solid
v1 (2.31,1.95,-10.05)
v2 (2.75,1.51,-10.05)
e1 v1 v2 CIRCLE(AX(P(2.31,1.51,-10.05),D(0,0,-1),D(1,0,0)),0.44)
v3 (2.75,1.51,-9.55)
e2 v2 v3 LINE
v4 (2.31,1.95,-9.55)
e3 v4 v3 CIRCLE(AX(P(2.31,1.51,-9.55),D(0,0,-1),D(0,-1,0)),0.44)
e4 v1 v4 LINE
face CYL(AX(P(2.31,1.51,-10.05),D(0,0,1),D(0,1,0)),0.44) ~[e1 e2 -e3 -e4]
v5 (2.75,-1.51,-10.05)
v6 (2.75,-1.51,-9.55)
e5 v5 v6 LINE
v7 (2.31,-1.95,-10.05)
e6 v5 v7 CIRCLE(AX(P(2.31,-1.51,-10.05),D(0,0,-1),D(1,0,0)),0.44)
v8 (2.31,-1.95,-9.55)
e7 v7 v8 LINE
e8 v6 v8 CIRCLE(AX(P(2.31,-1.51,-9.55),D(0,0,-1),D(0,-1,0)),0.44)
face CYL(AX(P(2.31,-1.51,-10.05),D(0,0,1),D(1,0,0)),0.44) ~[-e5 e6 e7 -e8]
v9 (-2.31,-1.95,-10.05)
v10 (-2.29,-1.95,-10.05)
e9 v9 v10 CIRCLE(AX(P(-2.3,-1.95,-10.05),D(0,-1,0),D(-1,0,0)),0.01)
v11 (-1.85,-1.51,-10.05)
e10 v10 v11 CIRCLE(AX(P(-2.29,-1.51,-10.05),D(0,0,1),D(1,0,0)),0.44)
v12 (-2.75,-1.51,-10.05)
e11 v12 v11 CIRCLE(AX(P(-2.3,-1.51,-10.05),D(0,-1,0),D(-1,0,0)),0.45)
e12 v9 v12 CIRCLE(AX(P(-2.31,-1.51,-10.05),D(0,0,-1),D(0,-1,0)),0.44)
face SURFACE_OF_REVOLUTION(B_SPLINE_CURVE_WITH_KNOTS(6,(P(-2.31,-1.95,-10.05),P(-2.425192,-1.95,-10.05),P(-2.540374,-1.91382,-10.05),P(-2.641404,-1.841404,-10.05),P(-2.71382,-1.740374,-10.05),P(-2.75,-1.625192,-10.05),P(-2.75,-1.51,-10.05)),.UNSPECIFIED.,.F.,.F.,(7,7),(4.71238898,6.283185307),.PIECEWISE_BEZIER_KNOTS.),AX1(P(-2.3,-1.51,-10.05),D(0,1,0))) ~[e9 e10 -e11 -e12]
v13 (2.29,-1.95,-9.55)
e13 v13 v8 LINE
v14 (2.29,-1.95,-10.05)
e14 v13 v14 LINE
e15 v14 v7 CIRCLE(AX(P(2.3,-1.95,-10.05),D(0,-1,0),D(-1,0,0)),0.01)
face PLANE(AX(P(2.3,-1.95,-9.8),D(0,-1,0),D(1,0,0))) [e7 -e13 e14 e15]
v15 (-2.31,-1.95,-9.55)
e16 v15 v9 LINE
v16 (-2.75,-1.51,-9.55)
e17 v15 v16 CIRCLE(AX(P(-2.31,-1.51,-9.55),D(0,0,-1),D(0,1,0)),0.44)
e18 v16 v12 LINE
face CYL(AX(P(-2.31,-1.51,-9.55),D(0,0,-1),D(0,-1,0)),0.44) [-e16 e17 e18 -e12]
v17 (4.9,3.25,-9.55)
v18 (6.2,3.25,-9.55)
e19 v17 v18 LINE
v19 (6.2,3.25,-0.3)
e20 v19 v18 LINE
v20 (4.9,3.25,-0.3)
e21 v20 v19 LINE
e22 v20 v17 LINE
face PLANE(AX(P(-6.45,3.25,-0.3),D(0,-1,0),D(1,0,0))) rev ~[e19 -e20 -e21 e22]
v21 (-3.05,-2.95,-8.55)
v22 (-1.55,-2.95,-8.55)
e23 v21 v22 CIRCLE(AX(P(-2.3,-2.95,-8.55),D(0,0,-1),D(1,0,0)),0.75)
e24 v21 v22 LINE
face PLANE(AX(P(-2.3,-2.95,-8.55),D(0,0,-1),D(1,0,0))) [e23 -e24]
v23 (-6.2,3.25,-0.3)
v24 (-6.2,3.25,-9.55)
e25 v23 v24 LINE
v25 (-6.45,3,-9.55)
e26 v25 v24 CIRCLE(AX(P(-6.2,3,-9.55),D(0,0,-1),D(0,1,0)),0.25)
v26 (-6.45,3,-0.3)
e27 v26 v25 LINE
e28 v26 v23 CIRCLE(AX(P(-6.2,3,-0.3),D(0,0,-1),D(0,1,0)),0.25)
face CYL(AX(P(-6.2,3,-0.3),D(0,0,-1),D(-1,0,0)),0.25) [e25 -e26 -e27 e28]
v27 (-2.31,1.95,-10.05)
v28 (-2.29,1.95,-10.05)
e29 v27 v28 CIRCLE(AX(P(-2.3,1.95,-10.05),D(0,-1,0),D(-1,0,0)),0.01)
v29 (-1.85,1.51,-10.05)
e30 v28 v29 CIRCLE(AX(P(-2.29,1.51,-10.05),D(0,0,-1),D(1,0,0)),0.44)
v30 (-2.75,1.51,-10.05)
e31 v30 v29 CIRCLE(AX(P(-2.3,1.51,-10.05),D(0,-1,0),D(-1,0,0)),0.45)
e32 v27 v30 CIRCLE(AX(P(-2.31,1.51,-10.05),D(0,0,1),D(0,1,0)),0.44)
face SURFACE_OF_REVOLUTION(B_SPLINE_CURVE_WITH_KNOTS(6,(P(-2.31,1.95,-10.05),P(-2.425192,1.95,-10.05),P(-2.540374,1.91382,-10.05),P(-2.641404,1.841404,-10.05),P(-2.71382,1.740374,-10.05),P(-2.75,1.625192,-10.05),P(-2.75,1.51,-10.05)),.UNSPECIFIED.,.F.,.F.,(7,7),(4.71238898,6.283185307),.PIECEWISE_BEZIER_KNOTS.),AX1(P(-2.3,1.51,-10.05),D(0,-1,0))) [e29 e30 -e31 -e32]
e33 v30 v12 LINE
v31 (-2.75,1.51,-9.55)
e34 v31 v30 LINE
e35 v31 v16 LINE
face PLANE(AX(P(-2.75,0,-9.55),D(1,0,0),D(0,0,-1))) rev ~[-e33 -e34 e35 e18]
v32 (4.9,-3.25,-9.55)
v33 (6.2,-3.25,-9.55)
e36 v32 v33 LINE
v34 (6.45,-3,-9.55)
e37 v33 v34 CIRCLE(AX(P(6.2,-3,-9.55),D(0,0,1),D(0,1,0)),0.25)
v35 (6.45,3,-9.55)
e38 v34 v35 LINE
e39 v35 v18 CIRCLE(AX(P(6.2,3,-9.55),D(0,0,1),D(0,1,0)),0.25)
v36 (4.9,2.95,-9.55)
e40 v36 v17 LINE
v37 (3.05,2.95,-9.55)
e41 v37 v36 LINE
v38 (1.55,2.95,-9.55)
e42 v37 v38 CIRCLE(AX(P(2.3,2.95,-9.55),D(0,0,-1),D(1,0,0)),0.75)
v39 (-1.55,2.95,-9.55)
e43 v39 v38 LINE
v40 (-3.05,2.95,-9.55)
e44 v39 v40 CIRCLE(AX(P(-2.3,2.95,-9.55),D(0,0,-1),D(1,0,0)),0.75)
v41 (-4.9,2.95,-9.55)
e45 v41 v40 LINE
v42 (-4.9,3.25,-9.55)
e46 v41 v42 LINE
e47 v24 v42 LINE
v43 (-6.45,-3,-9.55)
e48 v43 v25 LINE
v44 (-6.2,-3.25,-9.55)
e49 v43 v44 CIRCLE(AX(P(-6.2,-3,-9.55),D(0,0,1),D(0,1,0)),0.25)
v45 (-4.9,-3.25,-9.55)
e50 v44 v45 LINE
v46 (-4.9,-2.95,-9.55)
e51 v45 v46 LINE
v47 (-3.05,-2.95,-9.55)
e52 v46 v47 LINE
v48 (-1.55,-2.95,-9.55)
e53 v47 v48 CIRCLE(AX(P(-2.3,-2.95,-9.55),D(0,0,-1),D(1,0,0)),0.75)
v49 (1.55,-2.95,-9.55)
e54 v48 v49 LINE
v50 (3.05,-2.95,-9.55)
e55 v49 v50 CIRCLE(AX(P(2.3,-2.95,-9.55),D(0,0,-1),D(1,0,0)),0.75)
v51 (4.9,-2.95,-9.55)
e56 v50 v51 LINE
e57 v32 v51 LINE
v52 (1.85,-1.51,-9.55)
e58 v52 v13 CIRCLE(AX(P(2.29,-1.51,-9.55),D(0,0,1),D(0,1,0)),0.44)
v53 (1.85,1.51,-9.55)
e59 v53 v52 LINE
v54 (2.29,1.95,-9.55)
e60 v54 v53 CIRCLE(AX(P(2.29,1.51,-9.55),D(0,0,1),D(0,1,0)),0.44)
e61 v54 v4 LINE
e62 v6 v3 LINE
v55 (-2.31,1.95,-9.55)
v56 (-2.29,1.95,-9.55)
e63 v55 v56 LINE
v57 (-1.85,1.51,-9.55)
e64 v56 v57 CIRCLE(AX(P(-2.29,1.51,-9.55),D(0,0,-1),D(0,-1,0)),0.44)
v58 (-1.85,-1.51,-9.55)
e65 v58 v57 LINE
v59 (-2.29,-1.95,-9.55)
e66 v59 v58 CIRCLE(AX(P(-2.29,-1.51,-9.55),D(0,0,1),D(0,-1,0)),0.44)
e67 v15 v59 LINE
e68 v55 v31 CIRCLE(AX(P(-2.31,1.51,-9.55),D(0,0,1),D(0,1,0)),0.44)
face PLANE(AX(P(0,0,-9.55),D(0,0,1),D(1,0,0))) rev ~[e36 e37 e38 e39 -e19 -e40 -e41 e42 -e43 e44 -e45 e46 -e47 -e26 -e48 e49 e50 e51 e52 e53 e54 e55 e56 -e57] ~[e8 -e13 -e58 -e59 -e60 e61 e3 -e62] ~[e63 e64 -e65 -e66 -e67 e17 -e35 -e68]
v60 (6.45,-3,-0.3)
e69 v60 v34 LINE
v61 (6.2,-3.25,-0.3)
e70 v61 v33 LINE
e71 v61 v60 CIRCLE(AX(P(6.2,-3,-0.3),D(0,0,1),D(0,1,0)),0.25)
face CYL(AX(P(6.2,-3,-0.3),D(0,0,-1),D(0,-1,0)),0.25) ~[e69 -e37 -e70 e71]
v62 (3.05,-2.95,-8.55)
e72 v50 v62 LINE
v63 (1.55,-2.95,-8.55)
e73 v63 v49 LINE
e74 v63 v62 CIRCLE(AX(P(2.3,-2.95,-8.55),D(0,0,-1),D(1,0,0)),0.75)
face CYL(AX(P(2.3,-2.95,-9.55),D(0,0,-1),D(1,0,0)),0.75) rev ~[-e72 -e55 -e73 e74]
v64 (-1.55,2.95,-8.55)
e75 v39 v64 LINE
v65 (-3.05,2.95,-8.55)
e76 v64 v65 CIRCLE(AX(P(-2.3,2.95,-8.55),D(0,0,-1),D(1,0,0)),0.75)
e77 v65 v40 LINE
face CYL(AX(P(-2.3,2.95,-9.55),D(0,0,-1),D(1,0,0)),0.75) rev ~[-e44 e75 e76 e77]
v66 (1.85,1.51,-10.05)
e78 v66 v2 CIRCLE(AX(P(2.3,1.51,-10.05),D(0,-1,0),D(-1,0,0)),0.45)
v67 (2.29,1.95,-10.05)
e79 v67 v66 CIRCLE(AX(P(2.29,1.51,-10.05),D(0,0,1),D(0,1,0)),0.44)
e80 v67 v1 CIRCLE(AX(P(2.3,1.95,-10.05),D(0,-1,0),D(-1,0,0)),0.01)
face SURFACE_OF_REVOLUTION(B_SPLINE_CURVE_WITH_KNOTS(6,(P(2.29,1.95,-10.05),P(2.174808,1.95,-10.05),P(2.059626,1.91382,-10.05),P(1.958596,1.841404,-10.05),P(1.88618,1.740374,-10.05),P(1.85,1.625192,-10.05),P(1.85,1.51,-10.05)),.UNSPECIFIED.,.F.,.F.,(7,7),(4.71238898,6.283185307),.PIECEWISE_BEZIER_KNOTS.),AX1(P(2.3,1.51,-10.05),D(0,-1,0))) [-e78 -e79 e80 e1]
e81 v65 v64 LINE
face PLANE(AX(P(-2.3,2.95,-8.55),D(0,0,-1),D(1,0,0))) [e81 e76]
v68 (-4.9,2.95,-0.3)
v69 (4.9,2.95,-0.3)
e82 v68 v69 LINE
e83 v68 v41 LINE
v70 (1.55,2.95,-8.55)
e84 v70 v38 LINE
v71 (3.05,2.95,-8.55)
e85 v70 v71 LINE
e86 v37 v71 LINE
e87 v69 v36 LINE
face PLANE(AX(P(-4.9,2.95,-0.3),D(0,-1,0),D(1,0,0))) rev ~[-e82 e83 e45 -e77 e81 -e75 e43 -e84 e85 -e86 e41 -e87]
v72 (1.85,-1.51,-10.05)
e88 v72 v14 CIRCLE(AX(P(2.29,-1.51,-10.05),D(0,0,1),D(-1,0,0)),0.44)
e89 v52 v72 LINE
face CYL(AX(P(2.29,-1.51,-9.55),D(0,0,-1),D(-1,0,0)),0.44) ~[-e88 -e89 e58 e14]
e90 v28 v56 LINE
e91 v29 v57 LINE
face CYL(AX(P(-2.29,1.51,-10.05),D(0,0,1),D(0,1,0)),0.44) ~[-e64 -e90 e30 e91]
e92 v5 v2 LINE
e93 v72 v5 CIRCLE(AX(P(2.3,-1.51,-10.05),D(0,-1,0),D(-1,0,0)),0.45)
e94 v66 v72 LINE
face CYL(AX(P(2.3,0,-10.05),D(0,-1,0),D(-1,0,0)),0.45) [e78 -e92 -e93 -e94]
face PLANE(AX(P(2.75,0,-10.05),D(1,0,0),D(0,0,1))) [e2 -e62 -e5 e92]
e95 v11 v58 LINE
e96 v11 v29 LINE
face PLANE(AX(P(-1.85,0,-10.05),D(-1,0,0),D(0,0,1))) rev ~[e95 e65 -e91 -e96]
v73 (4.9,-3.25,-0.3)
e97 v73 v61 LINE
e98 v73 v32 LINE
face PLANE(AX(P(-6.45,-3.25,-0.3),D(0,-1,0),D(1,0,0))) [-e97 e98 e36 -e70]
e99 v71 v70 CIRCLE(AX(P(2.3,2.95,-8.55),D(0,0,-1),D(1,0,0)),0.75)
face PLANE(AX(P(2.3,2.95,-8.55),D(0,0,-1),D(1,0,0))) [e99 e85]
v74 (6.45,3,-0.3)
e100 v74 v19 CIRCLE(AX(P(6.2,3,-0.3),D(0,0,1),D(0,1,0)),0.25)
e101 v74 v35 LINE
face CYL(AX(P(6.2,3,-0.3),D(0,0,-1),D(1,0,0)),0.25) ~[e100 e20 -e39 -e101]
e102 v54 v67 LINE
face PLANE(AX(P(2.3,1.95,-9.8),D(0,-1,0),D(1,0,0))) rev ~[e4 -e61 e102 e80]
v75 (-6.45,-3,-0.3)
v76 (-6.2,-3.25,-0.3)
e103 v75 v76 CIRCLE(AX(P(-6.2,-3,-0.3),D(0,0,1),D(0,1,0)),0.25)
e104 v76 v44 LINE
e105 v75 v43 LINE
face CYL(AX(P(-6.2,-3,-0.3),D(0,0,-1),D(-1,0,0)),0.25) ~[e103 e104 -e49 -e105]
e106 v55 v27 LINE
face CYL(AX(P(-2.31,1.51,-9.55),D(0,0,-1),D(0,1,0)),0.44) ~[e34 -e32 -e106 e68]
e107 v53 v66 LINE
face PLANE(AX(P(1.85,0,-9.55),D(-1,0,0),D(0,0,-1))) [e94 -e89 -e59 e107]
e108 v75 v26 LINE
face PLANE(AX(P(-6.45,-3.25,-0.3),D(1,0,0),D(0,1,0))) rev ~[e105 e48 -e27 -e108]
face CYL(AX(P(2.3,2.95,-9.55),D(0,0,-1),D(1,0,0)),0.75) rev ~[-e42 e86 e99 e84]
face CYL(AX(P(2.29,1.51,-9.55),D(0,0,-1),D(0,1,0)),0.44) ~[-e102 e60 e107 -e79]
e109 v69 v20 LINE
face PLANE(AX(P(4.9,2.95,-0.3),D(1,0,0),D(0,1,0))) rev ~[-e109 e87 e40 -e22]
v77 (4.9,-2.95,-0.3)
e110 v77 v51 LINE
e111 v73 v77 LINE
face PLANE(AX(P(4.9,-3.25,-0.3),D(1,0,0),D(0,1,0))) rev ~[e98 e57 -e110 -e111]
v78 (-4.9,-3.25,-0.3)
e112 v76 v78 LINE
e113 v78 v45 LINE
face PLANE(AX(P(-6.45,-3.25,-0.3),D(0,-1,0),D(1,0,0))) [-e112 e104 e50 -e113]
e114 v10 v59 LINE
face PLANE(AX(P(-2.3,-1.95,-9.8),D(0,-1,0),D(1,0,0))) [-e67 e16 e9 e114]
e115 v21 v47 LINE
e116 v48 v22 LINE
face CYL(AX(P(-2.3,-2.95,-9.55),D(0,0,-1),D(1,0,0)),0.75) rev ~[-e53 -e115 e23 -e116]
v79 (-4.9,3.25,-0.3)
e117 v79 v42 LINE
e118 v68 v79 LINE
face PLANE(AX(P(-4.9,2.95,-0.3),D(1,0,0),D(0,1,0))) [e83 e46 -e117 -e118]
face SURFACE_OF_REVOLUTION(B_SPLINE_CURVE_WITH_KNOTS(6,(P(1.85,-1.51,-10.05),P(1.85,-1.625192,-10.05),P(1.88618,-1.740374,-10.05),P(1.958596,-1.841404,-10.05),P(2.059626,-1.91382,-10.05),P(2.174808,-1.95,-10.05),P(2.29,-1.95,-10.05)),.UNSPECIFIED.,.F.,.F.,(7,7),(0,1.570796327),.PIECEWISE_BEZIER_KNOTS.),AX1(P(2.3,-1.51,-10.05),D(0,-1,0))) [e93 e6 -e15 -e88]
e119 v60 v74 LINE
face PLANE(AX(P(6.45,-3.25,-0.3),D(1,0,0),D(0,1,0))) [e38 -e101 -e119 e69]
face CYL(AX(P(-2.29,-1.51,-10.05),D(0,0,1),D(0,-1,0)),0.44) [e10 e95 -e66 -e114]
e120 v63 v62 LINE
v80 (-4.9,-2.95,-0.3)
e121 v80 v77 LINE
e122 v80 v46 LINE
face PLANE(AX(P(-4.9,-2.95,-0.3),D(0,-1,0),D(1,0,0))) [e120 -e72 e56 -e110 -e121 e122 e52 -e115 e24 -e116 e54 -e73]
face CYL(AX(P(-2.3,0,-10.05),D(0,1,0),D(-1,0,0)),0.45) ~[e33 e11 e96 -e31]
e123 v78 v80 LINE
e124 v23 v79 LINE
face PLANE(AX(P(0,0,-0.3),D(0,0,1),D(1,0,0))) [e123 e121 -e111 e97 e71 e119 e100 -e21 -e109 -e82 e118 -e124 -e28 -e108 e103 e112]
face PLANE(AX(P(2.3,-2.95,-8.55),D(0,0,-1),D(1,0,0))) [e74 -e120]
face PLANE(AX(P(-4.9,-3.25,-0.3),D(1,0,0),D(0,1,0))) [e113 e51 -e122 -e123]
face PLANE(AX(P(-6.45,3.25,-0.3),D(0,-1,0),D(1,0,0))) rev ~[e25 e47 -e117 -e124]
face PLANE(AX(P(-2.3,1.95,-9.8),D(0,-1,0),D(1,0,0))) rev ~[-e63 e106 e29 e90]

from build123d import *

# Parameters (mm, degrees)
SKETCH_W        = 12.9
SKETCH_H        = 6.5
PAD_DEPTH       = 9.25
FILLET_R        = 0.25
SKETCH001_W     = 9.8
SKETCH001_H     = 0.3
POCKET_DEPTH    = 9.251
SKETCH002_R     = 0.75
POCKET001_DEPTH = 1
PAD001_DEPTH    = 1.95
FILLET001_R     = 0.44


with BuildPart() as part:
    # Sketch → Pad (new body)
    with BuildSketch(Plane.XY):
        Rectangle(SKETCH_W, SKETCH_H)
    extrude(amount=-PAD_DEPTH)

    # Fillet
    fillet_edges = [part.edges().sort_by_distance(p)[0] for p in [
        (6.45, -3.25, -4.625),
        (-6.45, -3.25, -4.625),
        (-6.45, 3.25, -4.625),
        (6.45, 3.25, -4.625),
    ]]
    fillet(fillet_edges, radius=FILLET_R)

    # Sketch001 (on Face2 of Fillet) → Pocket (cut, through all)
    with BuildSketch(Plane.XY):
        with Locations((0, -3.1)):
            Rectangle(SKETCH001_W, SKETCH001_H)
        with Locations((0, 3.1)):
            Rectangle(SKETCH001_W, SKETCH001_H)
    extrude(amount=-POCKET_DEPTH, mode=Mode.SUBTRACT)

    # Sketch002 (on Face4 of Pocket) → Pocket001 (cut)
    with BuildSketch(Plane(origin=(0, 0, -9.25), x_dir=(1, 0, 0), z_dir=(0, 0, -1))):
        with Locations((-2.3, 2.95)):
            Circle(SKETCH002_R)
        with Locations((2.3, 2.95)):
            Circle(SKETCH002_R)
        with Locations((-2.3, -2.95)):
            Circle(SKETCH002_R)
        with Locations((2.3, -2.95)):
            Circle(SKETCH002_R)
    extrude(amount=-POCKET001_DEPTH, mode=Mode.SUBTRACT)

    # Sketch003 → Pad001 (join, symmetric)
    with BuildSketch(Plane.XZ):
        with BuildLine():
            ThreePointArc((-1.85, -9.25), (-2.3, -8.8), (-2.75, -9.25))
            Line((-2.75, -9.25), (-2.75, -9.75))
            ThreePointArc((-2.75, -9.75), (-2.3, -10.2), (-1.85, -9.75))
            Line((-1.85, -9.75), (-1.85, -9.25))
        make_face()
        with BuildLine():
            ThreePointArc((2.75, -9.25), (2.3, -8.8), (1.85, -9.25))
            Line((1.85, -9.25), (1.85, -9.75))
            ThreePointArc((1.85, -9.75), (2.3, -10.2), (2.75, -9.75))
            Line((2.75, -9.75), (2.75, -9.25))
        make_face()
    extrude(amount=PAD001_DEPTH, both=True)

    # Fillet001
    fillet001_edges = [part.edges().sort_by_distance(p)[0] for p in [
        (-2.3, 1.95, -10.2),
        (2.3, 1.95, -10.2),
        (2.3, -1.95, -10.2),
        (-2.3, -1.95, -10.2),
    ]]
    fillet(fillet001_edges, radius=FILLET001_R)


with BuildPart() as part_1:
    # Body placement: moved
    add(part.part.moved(Location((0, 0, -0.3))))


solid = part_1.part
